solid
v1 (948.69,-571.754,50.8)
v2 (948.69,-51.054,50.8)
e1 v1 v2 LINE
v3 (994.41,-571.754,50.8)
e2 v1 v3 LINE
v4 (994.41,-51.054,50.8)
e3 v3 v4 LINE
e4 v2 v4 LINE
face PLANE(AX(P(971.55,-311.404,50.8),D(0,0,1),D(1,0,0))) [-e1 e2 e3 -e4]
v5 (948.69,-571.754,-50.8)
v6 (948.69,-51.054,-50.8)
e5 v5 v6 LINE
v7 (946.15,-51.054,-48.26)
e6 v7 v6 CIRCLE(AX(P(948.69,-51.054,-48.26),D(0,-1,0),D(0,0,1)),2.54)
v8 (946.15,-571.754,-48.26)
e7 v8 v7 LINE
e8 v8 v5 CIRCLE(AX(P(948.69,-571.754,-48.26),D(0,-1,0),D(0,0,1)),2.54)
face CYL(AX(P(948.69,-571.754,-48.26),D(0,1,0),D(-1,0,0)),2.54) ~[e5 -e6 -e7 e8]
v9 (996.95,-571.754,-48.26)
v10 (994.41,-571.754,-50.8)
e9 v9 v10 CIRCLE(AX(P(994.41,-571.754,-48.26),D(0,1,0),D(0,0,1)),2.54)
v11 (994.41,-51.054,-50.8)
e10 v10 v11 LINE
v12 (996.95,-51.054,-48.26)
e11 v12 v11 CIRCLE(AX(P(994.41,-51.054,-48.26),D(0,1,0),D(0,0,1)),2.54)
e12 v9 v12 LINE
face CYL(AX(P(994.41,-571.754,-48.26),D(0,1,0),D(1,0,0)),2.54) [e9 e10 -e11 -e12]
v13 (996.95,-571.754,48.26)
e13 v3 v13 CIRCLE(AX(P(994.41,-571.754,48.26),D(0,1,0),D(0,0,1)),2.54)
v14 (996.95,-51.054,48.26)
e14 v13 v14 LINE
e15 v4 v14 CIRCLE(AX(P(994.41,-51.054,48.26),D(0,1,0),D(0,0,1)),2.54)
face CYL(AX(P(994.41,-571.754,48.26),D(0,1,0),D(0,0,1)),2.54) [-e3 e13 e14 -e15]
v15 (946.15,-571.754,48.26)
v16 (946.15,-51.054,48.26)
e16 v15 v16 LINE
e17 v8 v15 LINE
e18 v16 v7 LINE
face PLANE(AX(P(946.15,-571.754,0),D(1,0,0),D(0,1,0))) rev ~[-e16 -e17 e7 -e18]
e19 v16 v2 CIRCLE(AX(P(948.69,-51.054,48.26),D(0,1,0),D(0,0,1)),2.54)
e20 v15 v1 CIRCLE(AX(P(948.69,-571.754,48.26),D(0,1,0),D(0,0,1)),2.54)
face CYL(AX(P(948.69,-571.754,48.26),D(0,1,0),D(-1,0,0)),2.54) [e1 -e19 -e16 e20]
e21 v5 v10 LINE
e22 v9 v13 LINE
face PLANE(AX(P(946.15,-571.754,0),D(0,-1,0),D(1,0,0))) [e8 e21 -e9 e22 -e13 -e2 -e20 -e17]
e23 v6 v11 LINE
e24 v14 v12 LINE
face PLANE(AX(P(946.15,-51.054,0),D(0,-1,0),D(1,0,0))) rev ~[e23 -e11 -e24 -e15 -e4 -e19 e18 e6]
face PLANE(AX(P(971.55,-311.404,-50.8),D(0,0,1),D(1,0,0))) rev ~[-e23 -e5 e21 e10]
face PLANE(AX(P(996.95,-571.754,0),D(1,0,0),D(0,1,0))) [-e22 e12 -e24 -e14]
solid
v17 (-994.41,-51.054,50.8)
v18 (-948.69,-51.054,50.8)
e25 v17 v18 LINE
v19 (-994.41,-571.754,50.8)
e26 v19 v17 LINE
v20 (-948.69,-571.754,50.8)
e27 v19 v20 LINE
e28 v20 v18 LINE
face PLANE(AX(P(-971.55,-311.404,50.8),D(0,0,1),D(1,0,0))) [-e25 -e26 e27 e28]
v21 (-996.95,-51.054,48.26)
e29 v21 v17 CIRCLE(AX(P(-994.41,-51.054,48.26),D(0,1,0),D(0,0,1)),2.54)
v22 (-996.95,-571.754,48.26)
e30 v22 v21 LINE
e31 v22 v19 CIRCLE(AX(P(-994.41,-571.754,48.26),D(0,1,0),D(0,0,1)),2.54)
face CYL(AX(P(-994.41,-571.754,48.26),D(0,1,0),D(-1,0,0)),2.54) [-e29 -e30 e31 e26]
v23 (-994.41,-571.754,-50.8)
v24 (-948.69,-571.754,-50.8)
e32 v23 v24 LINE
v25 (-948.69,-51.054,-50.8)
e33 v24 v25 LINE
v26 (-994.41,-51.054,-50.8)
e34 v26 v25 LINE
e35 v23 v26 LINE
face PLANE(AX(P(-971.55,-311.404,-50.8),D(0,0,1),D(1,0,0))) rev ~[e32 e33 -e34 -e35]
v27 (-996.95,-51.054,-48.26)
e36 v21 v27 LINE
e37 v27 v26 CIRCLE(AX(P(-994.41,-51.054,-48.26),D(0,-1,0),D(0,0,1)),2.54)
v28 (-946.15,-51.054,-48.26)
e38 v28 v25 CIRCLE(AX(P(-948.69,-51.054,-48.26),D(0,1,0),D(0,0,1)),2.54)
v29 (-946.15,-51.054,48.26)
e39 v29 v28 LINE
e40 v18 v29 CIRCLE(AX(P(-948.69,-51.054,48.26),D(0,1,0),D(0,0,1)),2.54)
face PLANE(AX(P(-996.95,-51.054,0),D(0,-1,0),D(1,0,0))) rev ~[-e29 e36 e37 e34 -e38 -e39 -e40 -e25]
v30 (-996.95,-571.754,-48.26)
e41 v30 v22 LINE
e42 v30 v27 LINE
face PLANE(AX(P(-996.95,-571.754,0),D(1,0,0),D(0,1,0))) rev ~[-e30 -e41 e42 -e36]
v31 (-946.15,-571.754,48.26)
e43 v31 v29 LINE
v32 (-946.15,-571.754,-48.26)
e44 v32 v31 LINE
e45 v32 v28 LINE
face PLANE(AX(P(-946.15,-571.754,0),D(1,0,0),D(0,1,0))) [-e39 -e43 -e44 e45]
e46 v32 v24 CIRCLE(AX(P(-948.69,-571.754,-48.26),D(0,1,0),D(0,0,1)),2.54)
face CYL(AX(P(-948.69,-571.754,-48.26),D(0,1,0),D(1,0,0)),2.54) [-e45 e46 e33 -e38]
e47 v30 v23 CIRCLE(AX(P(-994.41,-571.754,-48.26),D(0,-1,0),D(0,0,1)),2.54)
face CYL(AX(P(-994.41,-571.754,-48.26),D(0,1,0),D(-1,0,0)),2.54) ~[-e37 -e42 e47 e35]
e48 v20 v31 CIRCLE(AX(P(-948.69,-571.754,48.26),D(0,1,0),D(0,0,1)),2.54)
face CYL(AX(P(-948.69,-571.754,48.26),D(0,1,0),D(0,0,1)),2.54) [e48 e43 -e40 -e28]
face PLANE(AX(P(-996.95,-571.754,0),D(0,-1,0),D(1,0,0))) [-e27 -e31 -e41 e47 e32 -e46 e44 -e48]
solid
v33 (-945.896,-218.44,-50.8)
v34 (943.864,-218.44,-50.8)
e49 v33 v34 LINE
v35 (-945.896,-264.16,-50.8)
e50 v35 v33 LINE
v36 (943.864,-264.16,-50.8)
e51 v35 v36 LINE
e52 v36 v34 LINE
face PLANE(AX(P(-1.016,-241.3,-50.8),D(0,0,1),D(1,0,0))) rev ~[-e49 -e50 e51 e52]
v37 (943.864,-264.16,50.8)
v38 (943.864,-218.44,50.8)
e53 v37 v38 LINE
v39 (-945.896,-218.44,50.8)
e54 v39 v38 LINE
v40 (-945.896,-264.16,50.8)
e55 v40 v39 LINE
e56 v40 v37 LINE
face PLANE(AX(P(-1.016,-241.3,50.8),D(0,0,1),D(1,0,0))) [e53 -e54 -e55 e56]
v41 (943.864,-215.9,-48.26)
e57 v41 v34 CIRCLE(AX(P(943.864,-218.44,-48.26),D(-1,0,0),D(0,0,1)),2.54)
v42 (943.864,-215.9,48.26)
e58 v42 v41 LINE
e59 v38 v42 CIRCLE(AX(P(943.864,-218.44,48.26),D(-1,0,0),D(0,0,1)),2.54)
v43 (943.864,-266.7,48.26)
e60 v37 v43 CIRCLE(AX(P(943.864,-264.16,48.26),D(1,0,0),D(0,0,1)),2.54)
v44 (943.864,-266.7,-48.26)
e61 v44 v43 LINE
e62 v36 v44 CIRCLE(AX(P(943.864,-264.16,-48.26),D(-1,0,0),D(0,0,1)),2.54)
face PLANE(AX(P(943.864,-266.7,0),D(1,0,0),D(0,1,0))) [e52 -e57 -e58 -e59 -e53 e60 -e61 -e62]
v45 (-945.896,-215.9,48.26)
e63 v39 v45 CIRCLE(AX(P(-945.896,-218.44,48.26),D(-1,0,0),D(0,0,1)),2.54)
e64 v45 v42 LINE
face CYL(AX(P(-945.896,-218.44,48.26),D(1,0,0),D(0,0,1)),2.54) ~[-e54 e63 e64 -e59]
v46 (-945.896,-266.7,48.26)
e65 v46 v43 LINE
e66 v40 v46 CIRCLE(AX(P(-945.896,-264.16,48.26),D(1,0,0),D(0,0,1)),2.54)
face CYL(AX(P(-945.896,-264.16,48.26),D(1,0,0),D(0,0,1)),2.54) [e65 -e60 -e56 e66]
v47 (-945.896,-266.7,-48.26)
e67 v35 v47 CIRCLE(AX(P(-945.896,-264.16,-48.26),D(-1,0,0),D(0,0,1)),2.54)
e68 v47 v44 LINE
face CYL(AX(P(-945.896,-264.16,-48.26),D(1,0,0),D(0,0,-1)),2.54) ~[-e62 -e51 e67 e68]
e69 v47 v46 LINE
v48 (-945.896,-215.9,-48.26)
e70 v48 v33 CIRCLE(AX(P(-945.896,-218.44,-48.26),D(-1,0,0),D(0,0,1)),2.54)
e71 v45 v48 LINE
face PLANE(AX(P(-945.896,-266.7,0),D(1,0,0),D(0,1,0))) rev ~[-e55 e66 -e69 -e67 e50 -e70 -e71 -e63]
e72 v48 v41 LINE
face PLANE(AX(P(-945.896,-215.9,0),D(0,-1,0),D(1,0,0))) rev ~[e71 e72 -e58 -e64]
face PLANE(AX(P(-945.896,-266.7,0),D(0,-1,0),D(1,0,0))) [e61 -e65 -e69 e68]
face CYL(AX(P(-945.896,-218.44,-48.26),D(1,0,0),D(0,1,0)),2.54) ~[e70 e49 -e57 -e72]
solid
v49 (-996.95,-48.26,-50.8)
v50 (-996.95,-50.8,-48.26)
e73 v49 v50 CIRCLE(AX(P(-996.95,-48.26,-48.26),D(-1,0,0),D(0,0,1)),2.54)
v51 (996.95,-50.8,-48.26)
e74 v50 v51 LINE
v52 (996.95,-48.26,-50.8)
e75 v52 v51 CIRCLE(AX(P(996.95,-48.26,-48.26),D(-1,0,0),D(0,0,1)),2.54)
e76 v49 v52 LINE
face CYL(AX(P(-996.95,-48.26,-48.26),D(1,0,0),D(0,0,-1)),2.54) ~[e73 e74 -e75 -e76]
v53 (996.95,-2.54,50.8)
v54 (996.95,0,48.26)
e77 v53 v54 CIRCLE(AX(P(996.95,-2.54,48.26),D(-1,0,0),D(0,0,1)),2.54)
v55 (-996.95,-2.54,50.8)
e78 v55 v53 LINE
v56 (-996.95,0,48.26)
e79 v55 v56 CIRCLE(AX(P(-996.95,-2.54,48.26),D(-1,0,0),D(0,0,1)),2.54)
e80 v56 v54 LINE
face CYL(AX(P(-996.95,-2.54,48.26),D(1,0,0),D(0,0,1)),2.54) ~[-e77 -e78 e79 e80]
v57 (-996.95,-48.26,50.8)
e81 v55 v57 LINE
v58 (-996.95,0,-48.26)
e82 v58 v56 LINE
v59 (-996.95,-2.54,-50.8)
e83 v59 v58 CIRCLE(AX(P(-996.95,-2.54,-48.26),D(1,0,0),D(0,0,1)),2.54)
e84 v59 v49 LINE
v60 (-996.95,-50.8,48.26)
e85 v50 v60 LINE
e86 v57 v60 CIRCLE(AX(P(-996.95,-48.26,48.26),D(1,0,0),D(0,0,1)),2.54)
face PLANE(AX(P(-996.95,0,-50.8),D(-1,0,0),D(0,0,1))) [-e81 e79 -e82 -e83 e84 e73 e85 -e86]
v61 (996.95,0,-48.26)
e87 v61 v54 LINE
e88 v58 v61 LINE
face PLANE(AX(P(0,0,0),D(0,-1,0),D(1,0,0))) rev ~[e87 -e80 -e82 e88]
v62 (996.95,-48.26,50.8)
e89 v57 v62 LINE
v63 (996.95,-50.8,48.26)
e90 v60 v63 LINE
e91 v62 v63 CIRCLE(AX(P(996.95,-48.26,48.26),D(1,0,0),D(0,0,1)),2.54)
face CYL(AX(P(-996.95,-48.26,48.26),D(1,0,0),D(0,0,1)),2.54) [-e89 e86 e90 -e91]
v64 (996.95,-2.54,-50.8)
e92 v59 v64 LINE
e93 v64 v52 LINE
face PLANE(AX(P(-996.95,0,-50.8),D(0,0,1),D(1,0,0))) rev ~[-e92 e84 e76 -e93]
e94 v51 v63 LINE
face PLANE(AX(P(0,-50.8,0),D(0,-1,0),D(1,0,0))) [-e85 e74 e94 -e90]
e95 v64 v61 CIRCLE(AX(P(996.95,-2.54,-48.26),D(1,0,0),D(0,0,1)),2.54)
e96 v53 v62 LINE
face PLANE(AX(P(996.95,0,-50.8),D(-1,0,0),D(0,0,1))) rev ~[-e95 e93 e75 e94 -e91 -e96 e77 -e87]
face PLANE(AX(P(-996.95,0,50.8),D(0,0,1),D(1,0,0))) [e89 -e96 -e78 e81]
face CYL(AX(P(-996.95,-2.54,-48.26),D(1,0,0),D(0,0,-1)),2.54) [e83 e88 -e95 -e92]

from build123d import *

# Parameters (mm, degrees)
F0_W     = 1993.9
F0_H     = 101.6
F1_DEPTH = 50.8
F2_R     = 2.54
F3_W     = 50.8
F3_H     = 520.7
F4_DEPTH = 50.8
F5_R     = 2.54
F6_W     = 50.8
F6_H     = 520.7
F7_DEPTH = 50.8
F8_W     = 1889.76
F8_H     = 50.8
F9_DEPTH = 50.8
F10_R    = 2.54
F10_2_R  = 2.54


with BuildPart() as f1:
    # F0 (on Front) → F1 (new body)
    with BuildSketch(Plane.XZ):
        Rectangle(F0_W, F0_H)
    extrude(amount=F1_DEPTH)

    # F2
    f2_edges = [f1.edges().sort_by_distance(p)[0] for p in [
        (0, 0, -50.8),
        (0, 0, 50.8),
        (0, -50.8, -50.8),
        (0, -50.8, 50.8),
    ]]
    fillet(f2_edges, radius=F2_R)


with BuildPart() as f4:
    # F3 (on Top) → F4 (new body, symmetric)
    with BuildSketch(Plane.XY):
        with Locations((-971.55, -311.404)):
            Rectangle(F3_W, F3_H)
    extrude(amount=F4_DEPTH, both=True)

    # F5
    f5_edges = [f4.edges().sort_by_distance(p)[0] for p in [
        (-996.95, -311.404, 50.8),
        (-946.15, -311.404, 50.8),
        (-996.95, -311.404, -50.8),
        (-946.15, -311.404, -50.8),
    ]]
    fillet(f5_edges, radius=F5_R)


with BuildPart() as f7:
    # F6 (on Top) → F7 (new body, symmetric)
    with BuildSketch(Plane.XY):
        with Locations((971.55, -311.404)):
            Rectangle(F6_W, F6_H)
    extrude(amount=F7_DEPTH, both=True)

    # F10#2
    f10_2_edges = [f7.edges().sort_by_distance(p)[0] for p in [
        (946.15, -311.404, -50.8),
        (946.15, -311.404, 50.8),
        (996.95, -311.404, 50.8),
        (996.95, -311.404, -50.8),
    ]]
    fillet(f10_2_edges, radius=F10_2_R)


with BuildPart() as f9:
    # F8 (on Top) → F9 (new body, symmetric)
    with BuildSketch(Plane.XY):
        with Locations((-1.016, -241.3)):
            Rectangle(F8_W, F8_H)
    extrude(amount=F9_DEPTH, both=True)

    # F10
    f10_edges = [f9.edges().sort_by_distance(p)[0] for p in [
        (-1.016, -215.9, 50.8),
        (-1.016, -266.7, 50.8),
        (-1.016, -266.7, -50.8),
        (-1.016, -215.9, -50.8),
    ]]
    fillet(f10_edges, radius=F10_R)


solid = Compound([f1.part, f4.part, f7.part, f9.part])
